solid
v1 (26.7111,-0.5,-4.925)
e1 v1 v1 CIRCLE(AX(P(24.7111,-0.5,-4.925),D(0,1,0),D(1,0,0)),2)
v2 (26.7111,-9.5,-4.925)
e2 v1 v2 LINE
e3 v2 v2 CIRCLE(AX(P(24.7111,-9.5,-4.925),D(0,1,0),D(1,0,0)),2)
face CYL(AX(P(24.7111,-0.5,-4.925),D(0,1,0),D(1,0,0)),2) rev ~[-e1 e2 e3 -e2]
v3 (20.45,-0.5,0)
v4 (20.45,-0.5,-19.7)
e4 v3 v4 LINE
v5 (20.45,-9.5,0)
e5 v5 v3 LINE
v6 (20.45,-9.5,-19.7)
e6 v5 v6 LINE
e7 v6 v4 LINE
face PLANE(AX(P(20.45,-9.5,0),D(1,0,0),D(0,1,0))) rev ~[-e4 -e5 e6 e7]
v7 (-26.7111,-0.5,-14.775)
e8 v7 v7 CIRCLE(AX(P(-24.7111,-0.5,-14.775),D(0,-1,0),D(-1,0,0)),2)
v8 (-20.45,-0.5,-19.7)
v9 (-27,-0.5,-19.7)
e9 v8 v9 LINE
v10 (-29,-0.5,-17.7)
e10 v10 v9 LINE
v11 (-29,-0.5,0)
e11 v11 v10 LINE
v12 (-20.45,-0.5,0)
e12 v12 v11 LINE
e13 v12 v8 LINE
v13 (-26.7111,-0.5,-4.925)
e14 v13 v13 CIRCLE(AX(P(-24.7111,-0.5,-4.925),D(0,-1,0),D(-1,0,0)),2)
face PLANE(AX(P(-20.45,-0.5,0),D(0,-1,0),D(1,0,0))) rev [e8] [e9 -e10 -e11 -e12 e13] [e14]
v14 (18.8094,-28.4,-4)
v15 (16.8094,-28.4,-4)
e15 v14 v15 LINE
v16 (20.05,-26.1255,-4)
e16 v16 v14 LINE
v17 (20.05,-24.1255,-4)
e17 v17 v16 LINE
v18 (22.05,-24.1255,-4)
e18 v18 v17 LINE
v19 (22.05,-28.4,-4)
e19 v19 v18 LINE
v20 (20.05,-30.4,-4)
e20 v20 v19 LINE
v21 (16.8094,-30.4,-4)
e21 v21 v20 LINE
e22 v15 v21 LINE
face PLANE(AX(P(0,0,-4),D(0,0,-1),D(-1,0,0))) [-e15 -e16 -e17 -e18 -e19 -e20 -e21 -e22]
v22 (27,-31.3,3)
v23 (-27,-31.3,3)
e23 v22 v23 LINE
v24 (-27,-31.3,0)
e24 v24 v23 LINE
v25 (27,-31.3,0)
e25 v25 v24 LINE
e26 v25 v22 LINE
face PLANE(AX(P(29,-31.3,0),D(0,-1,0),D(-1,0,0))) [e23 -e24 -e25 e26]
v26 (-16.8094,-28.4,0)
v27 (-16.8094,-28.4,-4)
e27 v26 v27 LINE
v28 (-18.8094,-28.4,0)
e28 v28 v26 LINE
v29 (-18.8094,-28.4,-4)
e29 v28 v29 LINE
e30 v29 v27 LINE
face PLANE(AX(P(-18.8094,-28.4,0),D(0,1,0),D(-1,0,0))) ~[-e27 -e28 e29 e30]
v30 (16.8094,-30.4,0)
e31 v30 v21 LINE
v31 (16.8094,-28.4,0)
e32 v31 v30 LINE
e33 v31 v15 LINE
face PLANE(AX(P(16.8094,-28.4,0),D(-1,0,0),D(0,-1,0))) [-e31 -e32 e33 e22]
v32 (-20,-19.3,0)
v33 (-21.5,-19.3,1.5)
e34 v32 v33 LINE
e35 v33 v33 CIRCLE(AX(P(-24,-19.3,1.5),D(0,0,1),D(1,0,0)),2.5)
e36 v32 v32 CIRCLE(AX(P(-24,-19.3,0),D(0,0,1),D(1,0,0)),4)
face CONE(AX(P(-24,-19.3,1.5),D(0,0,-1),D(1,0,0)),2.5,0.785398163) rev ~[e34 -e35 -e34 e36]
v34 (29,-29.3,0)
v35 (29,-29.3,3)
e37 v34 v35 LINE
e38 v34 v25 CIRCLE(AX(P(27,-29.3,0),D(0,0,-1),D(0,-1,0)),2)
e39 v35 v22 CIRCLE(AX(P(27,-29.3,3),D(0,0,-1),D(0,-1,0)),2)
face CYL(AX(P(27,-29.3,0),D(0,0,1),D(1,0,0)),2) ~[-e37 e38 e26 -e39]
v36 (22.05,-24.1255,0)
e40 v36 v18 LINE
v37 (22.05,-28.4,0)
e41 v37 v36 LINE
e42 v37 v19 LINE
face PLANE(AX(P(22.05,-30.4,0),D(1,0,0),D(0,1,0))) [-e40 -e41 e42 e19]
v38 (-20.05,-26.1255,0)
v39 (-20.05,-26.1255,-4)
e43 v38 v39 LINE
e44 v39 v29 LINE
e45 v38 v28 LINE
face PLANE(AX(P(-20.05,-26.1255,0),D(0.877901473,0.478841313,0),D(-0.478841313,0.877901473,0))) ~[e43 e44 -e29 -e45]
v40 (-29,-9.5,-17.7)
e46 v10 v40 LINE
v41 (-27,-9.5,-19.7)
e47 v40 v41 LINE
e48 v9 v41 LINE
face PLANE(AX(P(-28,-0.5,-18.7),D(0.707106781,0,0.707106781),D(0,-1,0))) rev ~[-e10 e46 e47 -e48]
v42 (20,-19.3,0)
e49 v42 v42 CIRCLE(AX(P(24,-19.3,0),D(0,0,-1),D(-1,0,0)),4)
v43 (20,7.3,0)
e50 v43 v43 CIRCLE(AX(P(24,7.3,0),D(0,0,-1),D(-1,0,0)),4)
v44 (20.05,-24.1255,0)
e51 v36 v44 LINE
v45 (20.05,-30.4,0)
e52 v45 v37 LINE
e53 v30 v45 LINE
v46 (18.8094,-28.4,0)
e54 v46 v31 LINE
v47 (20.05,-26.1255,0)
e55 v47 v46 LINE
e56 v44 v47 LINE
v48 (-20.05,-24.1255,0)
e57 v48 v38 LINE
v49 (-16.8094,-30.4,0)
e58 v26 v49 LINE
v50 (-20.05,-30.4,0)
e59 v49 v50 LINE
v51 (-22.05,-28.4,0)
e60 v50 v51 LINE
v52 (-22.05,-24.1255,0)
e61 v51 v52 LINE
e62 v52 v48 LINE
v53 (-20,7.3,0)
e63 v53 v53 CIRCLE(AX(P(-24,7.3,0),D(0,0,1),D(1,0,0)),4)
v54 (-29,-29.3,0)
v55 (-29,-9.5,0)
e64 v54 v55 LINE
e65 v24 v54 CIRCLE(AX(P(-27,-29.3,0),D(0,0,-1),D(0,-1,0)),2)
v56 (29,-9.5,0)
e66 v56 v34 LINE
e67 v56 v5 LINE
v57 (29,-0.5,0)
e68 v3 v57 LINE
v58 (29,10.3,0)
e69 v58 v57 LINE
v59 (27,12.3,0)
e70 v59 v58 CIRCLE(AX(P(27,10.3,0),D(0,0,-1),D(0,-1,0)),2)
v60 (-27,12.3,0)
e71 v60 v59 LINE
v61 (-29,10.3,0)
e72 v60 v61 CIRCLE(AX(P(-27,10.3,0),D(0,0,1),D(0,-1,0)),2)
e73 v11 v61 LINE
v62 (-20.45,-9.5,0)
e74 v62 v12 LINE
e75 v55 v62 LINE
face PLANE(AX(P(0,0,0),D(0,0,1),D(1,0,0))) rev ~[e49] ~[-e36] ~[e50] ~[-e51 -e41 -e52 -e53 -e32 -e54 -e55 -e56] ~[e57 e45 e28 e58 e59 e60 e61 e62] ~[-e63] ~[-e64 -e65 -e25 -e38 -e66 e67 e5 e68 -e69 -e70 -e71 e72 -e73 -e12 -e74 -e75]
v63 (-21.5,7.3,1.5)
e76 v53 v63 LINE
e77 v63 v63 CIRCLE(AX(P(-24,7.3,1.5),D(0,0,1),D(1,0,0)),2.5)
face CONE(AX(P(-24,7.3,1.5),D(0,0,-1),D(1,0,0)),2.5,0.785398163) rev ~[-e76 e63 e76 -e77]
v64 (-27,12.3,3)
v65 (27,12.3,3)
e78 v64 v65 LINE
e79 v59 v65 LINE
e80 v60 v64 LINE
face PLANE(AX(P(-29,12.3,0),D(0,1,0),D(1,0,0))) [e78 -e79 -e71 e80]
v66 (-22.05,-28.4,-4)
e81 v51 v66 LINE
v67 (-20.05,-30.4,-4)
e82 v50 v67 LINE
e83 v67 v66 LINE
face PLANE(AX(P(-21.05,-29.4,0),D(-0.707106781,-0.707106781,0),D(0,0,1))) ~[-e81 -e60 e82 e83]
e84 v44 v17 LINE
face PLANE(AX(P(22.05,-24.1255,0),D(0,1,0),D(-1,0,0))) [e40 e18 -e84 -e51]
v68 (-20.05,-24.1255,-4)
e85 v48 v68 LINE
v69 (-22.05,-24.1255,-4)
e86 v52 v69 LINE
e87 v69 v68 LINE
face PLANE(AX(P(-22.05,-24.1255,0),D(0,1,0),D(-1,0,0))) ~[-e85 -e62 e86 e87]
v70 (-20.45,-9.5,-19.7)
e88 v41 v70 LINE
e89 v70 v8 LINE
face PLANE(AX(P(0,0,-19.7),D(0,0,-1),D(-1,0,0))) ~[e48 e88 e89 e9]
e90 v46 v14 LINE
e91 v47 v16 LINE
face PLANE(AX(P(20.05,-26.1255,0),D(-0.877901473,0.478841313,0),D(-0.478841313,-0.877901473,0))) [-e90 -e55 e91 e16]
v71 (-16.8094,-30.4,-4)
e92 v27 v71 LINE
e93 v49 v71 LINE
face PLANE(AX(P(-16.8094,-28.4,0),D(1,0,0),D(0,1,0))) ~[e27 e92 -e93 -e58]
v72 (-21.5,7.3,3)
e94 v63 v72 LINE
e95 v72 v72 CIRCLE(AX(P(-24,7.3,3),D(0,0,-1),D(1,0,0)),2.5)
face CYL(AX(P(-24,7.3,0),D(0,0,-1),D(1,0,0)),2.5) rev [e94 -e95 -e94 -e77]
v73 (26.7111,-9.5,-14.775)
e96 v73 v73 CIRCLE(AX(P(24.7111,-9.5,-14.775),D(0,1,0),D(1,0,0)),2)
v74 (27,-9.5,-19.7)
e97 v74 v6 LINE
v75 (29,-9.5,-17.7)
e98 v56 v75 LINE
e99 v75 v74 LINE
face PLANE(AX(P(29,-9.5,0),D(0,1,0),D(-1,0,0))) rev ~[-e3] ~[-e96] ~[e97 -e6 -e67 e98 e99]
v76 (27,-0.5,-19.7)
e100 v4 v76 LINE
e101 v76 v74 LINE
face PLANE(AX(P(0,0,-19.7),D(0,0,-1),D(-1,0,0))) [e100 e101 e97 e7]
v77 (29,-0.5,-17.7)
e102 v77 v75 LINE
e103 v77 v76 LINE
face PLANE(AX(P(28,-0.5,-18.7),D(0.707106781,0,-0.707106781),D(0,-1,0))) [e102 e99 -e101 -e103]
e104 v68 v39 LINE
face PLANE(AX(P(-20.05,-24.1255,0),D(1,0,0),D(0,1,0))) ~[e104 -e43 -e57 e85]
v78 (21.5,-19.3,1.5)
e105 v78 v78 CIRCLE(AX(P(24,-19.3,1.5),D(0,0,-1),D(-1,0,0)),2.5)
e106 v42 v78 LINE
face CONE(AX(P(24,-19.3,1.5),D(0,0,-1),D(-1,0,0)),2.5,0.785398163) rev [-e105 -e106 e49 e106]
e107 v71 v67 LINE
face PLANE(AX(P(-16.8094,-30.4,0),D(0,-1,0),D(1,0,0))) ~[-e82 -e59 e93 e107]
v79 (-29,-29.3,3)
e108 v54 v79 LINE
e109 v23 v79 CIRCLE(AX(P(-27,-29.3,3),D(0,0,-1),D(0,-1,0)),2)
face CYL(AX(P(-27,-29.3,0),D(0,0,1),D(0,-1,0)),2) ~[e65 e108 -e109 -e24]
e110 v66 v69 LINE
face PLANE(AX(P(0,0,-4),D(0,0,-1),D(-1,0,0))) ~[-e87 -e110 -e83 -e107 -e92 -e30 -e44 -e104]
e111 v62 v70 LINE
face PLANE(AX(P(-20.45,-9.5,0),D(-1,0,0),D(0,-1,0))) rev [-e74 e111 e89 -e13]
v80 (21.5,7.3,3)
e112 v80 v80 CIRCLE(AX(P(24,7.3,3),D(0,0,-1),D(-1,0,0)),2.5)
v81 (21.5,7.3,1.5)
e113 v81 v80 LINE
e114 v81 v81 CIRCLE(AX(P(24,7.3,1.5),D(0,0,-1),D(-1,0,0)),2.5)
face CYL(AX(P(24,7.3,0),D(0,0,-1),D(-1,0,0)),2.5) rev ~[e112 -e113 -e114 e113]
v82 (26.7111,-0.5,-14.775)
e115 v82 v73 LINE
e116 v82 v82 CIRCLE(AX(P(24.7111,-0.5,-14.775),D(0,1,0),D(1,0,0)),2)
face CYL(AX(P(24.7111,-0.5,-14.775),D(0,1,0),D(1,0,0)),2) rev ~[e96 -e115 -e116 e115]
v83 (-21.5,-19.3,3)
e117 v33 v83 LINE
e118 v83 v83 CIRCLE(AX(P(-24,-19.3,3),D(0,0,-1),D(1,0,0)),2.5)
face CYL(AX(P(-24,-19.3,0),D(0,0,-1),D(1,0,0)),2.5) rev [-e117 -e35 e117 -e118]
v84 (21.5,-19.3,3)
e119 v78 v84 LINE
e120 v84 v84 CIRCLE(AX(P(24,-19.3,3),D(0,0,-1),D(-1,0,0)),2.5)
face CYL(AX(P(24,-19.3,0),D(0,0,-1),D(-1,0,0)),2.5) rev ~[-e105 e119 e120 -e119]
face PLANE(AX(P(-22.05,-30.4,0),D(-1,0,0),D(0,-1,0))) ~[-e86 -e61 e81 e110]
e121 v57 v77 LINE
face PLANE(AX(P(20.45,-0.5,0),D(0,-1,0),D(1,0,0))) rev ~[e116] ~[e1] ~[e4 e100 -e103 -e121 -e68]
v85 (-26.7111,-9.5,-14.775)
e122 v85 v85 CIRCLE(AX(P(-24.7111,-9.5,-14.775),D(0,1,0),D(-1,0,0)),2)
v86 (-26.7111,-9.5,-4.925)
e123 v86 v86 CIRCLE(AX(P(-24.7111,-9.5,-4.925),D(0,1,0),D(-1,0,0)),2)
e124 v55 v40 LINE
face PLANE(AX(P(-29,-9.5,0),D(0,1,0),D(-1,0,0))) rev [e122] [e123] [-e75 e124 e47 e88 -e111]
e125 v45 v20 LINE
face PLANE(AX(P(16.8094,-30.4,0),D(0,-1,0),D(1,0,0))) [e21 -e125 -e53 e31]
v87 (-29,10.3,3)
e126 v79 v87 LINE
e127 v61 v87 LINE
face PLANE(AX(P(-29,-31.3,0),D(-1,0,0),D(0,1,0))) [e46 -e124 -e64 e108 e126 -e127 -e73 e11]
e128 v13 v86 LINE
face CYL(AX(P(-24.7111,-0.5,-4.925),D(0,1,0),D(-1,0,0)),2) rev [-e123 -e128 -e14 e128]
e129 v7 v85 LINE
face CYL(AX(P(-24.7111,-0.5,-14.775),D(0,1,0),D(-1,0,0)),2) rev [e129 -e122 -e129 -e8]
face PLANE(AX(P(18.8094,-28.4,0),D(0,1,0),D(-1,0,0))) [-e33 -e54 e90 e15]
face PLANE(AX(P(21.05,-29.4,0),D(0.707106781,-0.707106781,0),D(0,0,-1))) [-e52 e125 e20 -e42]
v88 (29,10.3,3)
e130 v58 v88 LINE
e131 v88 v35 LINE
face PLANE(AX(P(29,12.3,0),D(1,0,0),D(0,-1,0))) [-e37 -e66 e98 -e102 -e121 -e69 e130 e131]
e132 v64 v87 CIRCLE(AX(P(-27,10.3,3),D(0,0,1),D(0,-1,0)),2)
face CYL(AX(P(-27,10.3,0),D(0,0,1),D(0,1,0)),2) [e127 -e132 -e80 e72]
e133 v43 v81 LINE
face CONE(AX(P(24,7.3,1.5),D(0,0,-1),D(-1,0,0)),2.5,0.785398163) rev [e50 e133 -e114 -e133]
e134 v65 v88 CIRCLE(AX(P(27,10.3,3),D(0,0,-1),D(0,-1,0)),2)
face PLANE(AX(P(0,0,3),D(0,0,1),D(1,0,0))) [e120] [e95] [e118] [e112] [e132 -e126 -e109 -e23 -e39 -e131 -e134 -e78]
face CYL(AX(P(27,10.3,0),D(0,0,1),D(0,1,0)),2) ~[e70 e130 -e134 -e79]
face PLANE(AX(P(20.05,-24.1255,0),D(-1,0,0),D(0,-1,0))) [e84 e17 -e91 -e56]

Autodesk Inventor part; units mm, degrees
ref_plane "YZ Plane" through (0, 0, 0) normal (1, 0, 0) x (0, 1, 0)
ref_plane "XZ Plane" through (0, 0, 0) normal (0, 1, 0) x (-1, 0, 0)
ref_plane "XY Plane" through (0, 0, 0) normal (0, 0, 1) x (1, 0, 0)
sketch "Sketch1" plane through (0, 0, 0) normal (0, 0, 1) x (1, 0, 0)
  line L0 (-29, 12.3) -> (29, 12.3)
  line L1 (29, 12.3) -> (29, -31.3)
  line L2 (29, -31.3) -> (-29, -31.3)
  line L3 (-29, -31.3) -> (-29, 12.3)
  line L4 (-15.4526, -28.3) -> (15.4526, -28.3) construction
  line L5 (-27, 2.4) -> (-27, 0) construction
  line L6 (15.475, 12.3) -> (4.725, 12.3) construction
  point P0 (0, 12.3)
  point P1 (0, -31.3)
  point P2 (0, 0)
  point P3 (10.1, 12.3)
  dimension "MotorMountBaseBracketOffset" = 2
  dimension "MotorMountBaseBottomOffset" = 3
extrude "Extrusion1" add sketch "Sketch1" along normal blind 3
sketch "Sketch2" plane through (0, 0, 0) normal (0, 0, -1) x (-1, 0, 0)
  line L0 (-29, -31.3) -> (-29, 12.3) construction
  line L1 (-26, 0) -> (-19.25, 0) construction
  line L2 (-19.95, -21.3) -> (-19.95, -0.5) construction
  line L3 (-29, -9.5) -> (-20.45, -9.5)
  line L4 (-20.45, -9.5) -> (-20.45, -0.5)
  line L5 (-20.45, -0.5) -> (-29, -0.5)
  line L6 (-29, -0.5) -> (-29, -9.5)
  dimension "d66" = 9
  dimension "d67" = 0.5
  dimension "d68" = 0.5
extrude "Extrusion6" add sketch "Sketch2" along normal blind 19.7
sketch "Sketch7" plane through (0, 0, 0) normal (0, 0, -1) x (-1, 0, 0)
  line L0 (-16.8094, -28.4) -> (-16.8094, -30.4)
  line L1 (-18.8094, -28.4) -> (-16.8094, -28.4)
  line L2 (-20.05, -26.1255) -> (-18.8094, -28.4)
  line L3 (-20.05, -24.1255) -> (-20.05, -26.1255)
  line L4 (-22.05, -24.1255) -> (-20.05, -24.1255)
  line L5 (-22.05, -30.4) -> (-22.05, -24.1255)
  line L6 (-16.8094, -30.4) -> (-22.05, -30.4)
  line L7 (15.4526, -28.3) -> (-15.4526, -28.3) construction
  line L8 (-19.35, -27.2) -> (-18.75, -28.3) construction
  line L9 (-19.95, -21.3) -> (-19.95, -0.5) construction
  point P0 (0, 0)
  dimension "d79" = 2
  dimension "d82" = 0.1
  dimension "d83" = 0.1
  dimension "d84" = 0.1
extrude "Extrusion7" add sketch "Sketch7" along normal blind 4
sketch "Sketch5" plane through (0, 0, 0) normal (0, 0, -1) x (-1, 0, 0)
  circle A0 centre (-24, 7.3) radius 2.5
  circle A1 centre (-24, -19.3) radius 2.5
  point P0 (0, 0)
  point P1 (-29, -31.3)
  point P2 (-29, 12.3)
  dimension "d89" = 5
  dimension "d90" = 5
  dimension "d91" = 5
  dimension "MotorMountBottomHoleOffset" = 12
extrude "Extrusion4" cut sketch "Sketch5" against normal through all
chamfer "Chamfer1" distance 1.5 angle 45 2 edges at (26.5, 7.3, 0) (26.5, -19.3, 0)
chamfer "Chamfer4" distance 2 angle 45 2 edges at (29, -5, -19.7) (22.05, -30.4, -2)
sketch "Sketch8" plane through (20.45, -0.5, 0) normal (0, 1, 0) x (1, 0, 0)
  arc A0 (5.9164, 6.2173) -> (5.9164, 3.6327) centre (4.2611, 4.925) ccw construction
  arc A1 (5.9164, 16.0673) -> (5.9164, 13.4827) centre (4.2611, 14.775) ccw construction
  circle A2 centre (4.2611, 14.775) radius 2
  circle A3 centre (4.2611, 4.925) radius 2
  point P0 (-20.45, 0)
  dimension "MotorMountPillarHoleDia" = 4
  dimension "d99" = 4
extrude "Extrusion8" cut sketch "Sketch8" against normal through all
mirror "Mirror1" about plane through (0, 0, 0) normal (1, 0, 0) of "Extrusion7", "Extrusion4", "Chamfer1", "Extrusion6", "Chamfer4", "Extrusion8"
fillet "Fillet1" radius 2 4 edges at (29, -31.3, 1.5) (29, 12.3, 1.5) (-29, 12.3, 1.5) (-29, -31.3, 1.5)
equation "\"d66\" = MotorMountPillarDepth"
equation "\"d67\" = MotorMountPillarOffset"
equation "\"d68\" = MotorMountPillarOffset"
equation "\"d82\" = MotorMountLocatorOffset"
equation "\"d83\" = MotorMountLocatorOffset"
equation "\"d84\" = MotorMountLocatorOffset"
equation "\"d89\" = ScrewHoleDia"
equation "\"d90\" = 0.5 * ScrewPlateSize"
equation "\"d91\" = d90"
equation "\"d42\" = ScrewHoleFillet"
equation "\"d99\" = MotorMountPillarHoleDia"
equation "\"MotorMountPillarDepth\" = 9"
equation "\"MotorMountPillarOffset\" = 0.5"
equation "\"MotorMountLocatorOffset\" = 0.1"
equation "\"ScrewHoleDia\" = 5"
equation "\"ScrewHoleFillet\" = 1.5"
equation "\"ScrewPlateSize\" = 10"
properties part number "MotorCasingSmall"
